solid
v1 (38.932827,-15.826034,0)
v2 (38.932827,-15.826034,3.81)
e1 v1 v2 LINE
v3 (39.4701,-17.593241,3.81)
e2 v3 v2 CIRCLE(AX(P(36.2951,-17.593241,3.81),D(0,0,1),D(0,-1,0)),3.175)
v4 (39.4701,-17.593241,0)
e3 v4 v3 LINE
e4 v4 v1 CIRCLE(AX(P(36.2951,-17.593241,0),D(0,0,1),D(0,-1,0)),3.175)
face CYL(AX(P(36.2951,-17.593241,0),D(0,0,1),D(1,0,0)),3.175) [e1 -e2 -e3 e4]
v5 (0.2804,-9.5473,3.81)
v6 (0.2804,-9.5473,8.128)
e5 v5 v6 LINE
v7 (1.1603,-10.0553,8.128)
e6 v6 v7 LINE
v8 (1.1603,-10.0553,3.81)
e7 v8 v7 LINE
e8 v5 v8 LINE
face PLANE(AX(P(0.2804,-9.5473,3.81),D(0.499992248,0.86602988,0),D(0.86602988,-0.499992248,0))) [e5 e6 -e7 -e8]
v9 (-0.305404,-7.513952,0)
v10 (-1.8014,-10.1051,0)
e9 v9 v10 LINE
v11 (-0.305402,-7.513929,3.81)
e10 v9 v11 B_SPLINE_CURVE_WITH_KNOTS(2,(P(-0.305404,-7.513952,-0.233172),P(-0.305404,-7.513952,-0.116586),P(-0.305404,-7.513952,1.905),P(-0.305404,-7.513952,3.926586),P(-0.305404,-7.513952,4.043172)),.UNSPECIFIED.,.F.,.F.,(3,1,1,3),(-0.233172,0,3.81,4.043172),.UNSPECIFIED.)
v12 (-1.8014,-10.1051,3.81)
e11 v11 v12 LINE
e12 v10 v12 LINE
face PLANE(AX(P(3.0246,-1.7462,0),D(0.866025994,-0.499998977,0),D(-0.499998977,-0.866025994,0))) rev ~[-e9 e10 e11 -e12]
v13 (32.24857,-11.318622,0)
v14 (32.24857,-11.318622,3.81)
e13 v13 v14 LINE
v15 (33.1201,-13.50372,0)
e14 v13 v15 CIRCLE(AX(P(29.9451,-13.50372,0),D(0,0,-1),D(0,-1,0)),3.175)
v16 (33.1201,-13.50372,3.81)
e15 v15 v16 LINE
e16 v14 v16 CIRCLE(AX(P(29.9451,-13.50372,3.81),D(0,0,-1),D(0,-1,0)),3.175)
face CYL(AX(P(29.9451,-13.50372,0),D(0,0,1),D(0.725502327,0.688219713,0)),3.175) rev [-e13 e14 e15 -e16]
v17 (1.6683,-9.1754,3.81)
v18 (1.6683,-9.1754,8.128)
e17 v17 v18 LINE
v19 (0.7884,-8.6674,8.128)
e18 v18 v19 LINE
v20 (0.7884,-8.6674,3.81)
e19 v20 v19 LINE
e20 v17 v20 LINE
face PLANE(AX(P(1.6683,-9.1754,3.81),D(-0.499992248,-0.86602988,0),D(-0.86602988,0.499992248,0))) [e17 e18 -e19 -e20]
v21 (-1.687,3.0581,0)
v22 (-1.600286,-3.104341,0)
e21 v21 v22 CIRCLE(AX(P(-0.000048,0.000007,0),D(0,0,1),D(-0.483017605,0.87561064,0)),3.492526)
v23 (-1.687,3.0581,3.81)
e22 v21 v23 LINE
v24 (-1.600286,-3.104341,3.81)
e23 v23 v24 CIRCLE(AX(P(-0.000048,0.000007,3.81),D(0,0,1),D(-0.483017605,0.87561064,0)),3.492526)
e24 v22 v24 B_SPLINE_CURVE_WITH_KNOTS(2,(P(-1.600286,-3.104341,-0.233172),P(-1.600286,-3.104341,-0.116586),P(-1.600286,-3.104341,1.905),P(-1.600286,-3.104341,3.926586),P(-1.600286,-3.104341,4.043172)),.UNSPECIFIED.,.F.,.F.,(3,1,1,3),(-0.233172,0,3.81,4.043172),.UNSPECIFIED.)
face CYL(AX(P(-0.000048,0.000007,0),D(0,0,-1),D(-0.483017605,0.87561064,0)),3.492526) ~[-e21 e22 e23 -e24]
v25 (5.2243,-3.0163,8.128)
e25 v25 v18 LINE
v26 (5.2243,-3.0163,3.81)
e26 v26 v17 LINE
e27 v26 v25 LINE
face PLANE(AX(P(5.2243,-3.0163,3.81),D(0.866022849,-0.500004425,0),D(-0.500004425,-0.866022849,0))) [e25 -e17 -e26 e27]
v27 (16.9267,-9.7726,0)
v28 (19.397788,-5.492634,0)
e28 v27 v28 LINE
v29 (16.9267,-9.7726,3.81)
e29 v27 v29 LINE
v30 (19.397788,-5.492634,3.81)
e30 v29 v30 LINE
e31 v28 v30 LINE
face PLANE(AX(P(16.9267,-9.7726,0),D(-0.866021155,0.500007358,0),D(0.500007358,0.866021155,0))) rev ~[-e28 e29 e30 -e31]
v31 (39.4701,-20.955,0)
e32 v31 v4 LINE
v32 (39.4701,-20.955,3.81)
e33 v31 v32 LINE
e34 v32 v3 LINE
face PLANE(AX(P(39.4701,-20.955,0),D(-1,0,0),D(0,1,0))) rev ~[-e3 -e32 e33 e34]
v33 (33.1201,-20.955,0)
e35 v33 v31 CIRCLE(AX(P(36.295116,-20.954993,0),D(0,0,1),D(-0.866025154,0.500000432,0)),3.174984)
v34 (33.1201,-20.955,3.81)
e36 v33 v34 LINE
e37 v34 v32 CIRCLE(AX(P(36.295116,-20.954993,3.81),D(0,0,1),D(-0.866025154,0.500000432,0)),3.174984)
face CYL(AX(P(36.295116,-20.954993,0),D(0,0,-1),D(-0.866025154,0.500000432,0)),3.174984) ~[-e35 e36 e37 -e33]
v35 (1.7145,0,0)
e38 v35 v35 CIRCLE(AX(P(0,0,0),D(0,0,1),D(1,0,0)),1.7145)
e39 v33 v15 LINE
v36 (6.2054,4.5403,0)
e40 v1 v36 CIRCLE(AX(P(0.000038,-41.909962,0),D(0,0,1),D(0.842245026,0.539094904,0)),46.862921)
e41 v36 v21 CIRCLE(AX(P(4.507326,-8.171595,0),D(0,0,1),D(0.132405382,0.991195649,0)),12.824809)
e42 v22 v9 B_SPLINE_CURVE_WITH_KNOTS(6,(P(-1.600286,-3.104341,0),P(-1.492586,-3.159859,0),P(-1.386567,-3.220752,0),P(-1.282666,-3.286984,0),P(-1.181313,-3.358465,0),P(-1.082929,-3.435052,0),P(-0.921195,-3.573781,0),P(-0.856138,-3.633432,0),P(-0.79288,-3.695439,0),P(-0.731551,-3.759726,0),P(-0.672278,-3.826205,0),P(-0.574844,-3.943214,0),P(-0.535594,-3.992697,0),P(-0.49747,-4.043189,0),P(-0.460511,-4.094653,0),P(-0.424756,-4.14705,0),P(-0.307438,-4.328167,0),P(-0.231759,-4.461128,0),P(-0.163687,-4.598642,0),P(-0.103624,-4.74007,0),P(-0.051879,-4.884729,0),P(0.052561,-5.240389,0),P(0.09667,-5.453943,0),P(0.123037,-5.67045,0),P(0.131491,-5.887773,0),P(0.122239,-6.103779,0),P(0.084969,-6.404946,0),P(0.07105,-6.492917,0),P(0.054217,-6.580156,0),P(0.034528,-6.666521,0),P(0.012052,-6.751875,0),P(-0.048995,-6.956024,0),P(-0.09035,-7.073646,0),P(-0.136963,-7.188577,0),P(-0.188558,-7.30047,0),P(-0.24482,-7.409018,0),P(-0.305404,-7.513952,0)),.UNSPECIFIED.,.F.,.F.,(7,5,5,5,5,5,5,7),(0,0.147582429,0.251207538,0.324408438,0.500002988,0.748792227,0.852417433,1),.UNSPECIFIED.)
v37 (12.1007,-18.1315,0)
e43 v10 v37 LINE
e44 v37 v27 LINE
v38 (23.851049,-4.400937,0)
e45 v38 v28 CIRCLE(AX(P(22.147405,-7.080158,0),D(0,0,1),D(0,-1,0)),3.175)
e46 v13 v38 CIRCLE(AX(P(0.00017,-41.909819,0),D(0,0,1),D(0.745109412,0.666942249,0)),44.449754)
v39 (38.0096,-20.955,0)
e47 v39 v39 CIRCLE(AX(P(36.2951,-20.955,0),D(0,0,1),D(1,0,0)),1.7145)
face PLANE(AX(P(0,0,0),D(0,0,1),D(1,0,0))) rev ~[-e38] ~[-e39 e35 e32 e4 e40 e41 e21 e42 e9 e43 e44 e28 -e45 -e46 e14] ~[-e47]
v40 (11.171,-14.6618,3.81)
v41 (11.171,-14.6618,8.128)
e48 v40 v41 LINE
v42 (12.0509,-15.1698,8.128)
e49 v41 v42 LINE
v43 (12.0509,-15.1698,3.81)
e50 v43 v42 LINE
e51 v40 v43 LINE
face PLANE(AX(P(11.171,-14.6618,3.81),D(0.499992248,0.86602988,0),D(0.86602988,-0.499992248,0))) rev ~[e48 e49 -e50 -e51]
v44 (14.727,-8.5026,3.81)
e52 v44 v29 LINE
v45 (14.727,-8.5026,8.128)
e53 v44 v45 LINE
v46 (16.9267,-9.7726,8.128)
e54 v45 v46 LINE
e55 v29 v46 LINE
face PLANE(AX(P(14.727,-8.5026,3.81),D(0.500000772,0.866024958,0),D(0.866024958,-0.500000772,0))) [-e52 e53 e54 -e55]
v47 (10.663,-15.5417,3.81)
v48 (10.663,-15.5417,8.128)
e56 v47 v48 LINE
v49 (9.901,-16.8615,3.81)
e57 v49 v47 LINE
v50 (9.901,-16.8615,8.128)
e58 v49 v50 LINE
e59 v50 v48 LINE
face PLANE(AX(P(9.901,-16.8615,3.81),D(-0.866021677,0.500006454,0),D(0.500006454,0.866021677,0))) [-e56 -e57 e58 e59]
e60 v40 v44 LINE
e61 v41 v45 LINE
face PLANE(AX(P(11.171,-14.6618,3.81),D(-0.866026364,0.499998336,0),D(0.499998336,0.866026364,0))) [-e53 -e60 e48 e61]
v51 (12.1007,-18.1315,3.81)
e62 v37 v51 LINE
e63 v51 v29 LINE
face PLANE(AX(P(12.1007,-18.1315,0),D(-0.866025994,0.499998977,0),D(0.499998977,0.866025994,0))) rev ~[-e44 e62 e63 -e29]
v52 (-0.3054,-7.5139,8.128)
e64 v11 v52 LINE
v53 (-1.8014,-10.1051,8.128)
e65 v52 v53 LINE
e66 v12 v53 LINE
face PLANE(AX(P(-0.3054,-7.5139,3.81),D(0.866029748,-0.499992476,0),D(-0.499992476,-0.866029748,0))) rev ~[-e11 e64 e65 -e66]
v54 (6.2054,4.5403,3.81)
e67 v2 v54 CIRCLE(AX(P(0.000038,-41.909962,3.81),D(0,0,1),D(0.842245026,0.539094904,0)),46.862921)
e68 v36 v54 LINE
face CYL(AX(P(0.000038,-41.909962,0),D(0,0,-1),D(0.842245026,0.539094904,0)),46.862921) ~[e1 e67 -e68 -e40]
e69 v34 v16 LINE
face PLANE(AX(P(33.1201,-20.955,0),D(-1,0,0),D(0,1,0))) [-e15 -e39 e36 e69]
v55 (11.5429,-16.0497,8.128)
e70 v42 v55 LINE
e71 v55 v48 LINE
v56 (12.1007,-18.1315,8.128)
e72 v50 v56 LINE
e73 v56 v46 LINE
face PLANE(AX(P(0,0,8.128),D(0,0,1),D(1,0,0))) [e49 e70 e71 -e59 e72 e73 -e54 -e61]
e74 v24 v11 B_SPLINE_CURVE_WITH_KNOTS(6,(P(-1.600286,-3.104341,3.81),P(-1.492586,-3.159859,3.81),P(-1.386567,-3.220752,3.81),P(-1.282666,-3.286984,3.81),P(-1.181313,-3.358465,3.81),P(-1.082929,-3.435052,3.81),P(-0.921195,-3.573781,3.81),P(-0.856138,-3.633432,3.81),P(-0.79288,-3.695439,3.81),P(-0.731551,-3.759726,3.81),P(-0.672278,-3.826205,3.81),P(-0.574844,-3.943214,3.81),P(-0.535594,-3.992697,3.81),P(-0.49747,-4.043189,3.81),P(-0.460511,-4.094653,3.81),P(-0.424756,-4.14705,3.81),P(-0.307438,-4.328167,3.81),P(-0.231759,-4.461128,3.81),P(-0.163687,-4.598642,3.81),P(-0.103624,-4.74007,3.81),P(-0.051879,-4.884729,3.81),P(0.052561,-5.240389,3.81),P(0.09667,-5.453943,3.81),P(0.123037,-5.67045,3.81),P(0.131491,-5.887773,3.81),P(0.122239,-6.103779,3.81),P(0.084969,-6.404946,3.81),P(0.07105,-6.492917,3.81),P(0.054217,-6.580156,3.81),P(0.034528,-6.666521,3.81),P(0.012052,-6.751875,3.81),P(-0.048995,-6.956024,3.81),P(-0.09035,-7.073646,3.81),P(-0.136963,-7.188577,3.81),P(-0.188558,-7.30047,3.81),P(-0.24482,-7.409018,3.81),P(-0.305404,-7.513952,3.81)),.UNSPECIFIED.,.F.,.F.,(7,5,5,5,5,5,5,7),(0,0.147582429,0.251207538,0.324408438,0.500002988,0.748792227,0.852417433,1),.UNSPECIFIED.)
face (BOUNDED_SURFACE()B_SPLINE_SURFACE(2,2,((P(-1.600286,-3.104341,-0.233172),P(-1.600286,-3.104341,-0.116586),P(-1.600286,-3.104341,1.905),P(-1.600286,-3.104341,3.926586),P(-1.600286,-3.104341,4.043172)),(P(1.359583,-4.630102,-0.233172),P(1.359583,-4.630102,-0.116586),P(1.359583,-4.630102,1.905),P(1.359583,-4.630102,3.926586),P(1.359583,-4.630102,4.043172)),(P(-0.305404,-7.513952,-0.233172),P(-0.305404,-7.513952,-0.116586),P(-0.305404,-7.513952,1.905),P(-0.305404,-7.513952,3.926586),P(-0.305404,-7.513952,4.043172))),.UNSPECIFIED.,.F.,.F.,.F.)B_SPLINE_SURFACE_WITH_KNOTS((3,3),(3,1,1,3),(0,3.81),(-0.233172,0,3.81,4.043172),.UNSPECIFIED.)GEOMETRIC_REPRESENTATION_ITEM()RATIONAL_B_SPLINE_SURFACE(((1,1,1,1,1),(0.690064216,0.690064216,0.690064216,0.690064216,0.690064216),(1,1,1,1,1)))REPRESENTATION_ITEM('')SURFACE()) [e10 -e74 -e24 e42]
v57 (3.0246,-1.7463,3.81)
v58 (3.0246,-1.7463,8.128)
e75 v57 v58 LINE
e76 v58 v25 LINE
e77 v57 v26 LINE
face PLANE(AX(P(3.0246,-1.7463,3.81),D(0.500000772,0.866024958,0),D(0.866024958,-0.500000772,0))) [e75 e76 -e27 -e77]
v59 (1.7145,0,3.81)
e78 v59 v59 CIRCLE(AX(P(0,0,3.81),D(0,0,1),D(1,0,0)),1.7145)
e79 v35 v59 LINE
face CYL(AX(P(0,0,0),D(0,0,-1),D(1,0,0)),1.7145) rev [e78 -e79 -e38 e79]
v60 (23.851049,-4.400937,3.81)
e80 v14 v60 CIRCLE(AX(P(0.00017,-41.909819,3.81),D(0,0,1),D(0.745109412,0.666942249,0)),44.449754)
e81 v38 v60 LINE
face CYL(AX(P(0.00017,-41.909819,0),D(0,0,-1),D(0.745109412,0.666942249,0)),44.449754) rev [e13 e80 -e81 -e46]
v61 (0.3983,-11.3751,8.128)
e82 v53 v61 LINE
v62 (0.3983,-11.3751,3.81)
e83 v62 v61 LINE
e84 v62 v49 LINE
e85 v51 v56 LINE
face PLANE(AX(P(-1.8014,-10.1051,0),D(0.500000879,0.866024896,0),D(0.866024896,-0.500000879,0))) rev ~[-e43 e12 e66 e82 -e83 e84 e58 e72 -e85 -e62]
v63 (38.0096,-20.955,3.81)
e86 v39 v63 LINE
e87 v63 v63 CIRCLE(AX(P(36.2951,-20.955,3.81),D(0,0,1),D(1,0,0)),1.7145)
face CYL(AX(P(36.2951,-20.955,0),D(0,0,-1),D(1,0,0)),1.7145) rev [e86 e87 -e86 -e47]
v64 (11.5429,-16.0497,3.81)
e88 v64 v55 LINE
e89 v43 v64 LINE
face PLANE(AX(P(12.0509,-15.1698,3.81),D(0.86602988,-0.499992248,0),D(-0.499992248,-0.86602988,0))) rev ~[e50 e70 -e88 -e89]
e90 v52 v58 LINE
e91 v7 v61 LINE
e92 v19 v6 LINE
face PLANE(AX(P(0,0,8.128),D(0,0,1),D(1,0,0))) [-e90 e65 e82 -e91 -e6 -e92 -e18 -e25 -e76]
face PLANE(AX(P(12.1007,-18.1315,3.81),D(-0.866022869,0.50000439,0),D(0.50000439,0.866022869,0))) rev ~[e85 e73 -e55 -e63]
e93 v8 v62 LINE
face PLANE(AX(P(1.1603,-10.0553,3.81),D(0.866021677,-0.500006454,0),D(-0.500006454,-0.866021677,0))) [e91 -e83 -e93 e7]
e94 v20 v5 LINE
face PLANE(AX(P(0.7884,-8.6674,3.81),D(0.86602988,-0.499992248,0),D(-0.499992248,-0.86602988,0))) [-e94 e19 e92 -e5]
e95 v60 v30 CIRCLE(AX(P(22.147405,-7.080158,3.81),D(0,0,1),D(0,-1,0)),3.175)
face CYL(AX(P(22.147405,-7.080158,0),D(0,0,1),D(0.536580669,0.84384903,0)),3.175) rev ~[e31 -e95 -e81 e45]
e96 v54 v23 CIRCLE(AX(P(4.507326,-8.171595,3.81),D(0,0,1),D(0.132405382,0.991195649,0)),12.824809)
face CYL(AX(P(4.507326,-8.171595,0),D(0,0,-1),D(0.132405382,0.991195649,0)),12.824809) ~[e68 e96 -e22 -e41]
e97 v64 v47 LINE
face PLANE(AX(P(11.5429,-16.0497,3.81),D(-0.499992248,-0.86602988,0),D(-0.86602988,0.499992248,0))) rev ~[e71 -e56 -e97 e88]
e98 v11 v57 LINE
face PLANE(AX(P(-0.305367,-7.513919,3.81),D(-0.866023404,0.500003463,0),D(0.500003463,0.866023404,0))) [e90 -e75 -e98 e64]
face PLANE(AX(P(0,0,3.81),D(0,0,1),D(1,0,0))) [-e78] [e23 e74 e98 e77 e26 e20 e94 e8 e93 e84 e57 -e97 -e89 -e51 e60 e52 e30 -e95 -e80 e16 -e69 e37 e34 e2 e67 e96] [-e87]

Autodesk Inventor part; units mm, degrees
ref_plane "YZ Plane" through (0, 0, 0) normal (1, 0, 0) x (0, 1, 0)
ref_plane "XZ Plane" through (0, 0, 0) normal (0, 1, 0) x (-1, 0, 0)
ref_plane "XY Plane" through (0, 0, 0) normal (0, 0, 1) x (1, 0, 0)
sketch "Sketch1" plane through (0, 0, 0) normal (0, 0, 1) x (1, 0, 0)
  circle A0 centre (0, 0) radius 1.7145
  arc A1 (-1.687, 3.0581) -> (3.0246, -1.7462) centre (0, 0) ccw
  circle A2 centre (36.2951, -20.955) radius 1.7145
  arc A3 (33.5455, -19.3675) -> (39.4701, -20.955) centre (36.2951, -20.955) ccw
  line L0 (0, 0) -> (44.3838, 0) construction
  arc A4 (39.4701, -16.6464) -> (6.2054, 4.5403) centre (0, -41.91) ccw
  line L1 (33.1201, -20.955) -> (33.1201, -12.2644)
  line L2 (39.4701, -20.955) -> (39.4701, -16.6464)
  arc A5 (6.2054, 4.5403) -> (-1.687, 3.0581) centre (4.5073, -8.1706) ccw
  line L3 (0, 0) -> (36.2951, -20.955) construction
  line L4 (3.0246, -1.7462) -> (-1.8014, -10.1051)
  line L5 (-1.8014, -10.1051) -> (12.1007, -18.1315)
  line L6 (12.1007, -18.1315) -> (16.9267, -9.7726)
  line L7 (16.9267, -9.7726) -> (20.993, -2.7297)
  arc A6 (33.1201, -12.2644) -> (20.993, -2.7297) centre (0, -41.91) ccw
  dimension "d0" = 3.429
  dimension "d1" = 6.985
  dimension "d2" = 3.429
  dimension "d3" = 6.35
  dimension "d4" = 30
  dimension "d5" = 41.91
  dimension "d6" = 93.726
  dimension "d7" = 41.91
  dimension "d10" = 16.0528
  dimension "d11" = 9.652
extrude "Extrusion1" add sketch "Sketch1" along normal blind 3.81
fillet "Fillet1" radius 3.175 4 edges at (3.0246, -1.7462, 1.905) (20.993, -2.7297, 1.905) (33.1201, -12.2644, 1.905) (39.4701, -16.6464, 1.905)
sketch "Sketch2" plane through (0, 0, 3.81) normal (0, 0, 1) x (1, 0, 0)
  line L0 (-1.8014, -10.1051) -> (12.1007, -18.1315) projected
  line L1 (12.1007, -18.1315) -> (9.901, -16.8615)
  line L2 (14.727, -8.5026) -> (16.9267, -9.7726)
  line L3 (12.1007, -18.1315) -> (19.3978, -5.4927) projected
  line L4 (12.1007, -18.1315) -> (16.9267, -9.7726)
  line L5 (-0.3054, -7.5139) -> (-1.8014, -10.1051) projected
  line L6 (-1.8014, -10.1051) -> (3.0246, -1.7463)
  line L7 (3.0246, -1.7463) -> (5.2243, -3.0163)
  line L8 (0.3983, -11.3751) -> (-1.8014, -10.1051)
  line L9 (11.171, -14.6618) -> (12.0509, -15.1698)
  line L10 (12.0509, -15.1698) -> (11.5429, -16.0497)
  line L11 (11.5429, -16.0497) -> (10.663, -15.5417)
  line L12 (1.6683, -9.1754) -> (0.7884, -8.6674)
  line L13 (0.7884, -8.6674) -> (0.2804, -9.5473)
  line L14 (0.2804, -9.5473) -> (1.1603, -10.0553)
  line L15 (5.2243, -3.0163) -> (1.6683, -9.1754)
  line L16 (1.1603, -10.0553) -> (0.3983, -11.3751)
  line L17 (9.901, -16.8615) -> (10.663, -15.5417)
  line L18 (11.171, -14.6618) -> (14.727, -8.5026)
  point P0 (0, 0)
  dimension "d15" = 9.652
  dimension "d17" = 2.54
  dimension "d18" = 7.112
  dimension "d19" = 7.112
  dimension "d20" = 1.016
  dimension "d21" = 1.016
extrude "Extrusion2" add sketch "Sketch2" along normal blind 4.318
properties part number "BatteryBalanceConnectorHolder"
